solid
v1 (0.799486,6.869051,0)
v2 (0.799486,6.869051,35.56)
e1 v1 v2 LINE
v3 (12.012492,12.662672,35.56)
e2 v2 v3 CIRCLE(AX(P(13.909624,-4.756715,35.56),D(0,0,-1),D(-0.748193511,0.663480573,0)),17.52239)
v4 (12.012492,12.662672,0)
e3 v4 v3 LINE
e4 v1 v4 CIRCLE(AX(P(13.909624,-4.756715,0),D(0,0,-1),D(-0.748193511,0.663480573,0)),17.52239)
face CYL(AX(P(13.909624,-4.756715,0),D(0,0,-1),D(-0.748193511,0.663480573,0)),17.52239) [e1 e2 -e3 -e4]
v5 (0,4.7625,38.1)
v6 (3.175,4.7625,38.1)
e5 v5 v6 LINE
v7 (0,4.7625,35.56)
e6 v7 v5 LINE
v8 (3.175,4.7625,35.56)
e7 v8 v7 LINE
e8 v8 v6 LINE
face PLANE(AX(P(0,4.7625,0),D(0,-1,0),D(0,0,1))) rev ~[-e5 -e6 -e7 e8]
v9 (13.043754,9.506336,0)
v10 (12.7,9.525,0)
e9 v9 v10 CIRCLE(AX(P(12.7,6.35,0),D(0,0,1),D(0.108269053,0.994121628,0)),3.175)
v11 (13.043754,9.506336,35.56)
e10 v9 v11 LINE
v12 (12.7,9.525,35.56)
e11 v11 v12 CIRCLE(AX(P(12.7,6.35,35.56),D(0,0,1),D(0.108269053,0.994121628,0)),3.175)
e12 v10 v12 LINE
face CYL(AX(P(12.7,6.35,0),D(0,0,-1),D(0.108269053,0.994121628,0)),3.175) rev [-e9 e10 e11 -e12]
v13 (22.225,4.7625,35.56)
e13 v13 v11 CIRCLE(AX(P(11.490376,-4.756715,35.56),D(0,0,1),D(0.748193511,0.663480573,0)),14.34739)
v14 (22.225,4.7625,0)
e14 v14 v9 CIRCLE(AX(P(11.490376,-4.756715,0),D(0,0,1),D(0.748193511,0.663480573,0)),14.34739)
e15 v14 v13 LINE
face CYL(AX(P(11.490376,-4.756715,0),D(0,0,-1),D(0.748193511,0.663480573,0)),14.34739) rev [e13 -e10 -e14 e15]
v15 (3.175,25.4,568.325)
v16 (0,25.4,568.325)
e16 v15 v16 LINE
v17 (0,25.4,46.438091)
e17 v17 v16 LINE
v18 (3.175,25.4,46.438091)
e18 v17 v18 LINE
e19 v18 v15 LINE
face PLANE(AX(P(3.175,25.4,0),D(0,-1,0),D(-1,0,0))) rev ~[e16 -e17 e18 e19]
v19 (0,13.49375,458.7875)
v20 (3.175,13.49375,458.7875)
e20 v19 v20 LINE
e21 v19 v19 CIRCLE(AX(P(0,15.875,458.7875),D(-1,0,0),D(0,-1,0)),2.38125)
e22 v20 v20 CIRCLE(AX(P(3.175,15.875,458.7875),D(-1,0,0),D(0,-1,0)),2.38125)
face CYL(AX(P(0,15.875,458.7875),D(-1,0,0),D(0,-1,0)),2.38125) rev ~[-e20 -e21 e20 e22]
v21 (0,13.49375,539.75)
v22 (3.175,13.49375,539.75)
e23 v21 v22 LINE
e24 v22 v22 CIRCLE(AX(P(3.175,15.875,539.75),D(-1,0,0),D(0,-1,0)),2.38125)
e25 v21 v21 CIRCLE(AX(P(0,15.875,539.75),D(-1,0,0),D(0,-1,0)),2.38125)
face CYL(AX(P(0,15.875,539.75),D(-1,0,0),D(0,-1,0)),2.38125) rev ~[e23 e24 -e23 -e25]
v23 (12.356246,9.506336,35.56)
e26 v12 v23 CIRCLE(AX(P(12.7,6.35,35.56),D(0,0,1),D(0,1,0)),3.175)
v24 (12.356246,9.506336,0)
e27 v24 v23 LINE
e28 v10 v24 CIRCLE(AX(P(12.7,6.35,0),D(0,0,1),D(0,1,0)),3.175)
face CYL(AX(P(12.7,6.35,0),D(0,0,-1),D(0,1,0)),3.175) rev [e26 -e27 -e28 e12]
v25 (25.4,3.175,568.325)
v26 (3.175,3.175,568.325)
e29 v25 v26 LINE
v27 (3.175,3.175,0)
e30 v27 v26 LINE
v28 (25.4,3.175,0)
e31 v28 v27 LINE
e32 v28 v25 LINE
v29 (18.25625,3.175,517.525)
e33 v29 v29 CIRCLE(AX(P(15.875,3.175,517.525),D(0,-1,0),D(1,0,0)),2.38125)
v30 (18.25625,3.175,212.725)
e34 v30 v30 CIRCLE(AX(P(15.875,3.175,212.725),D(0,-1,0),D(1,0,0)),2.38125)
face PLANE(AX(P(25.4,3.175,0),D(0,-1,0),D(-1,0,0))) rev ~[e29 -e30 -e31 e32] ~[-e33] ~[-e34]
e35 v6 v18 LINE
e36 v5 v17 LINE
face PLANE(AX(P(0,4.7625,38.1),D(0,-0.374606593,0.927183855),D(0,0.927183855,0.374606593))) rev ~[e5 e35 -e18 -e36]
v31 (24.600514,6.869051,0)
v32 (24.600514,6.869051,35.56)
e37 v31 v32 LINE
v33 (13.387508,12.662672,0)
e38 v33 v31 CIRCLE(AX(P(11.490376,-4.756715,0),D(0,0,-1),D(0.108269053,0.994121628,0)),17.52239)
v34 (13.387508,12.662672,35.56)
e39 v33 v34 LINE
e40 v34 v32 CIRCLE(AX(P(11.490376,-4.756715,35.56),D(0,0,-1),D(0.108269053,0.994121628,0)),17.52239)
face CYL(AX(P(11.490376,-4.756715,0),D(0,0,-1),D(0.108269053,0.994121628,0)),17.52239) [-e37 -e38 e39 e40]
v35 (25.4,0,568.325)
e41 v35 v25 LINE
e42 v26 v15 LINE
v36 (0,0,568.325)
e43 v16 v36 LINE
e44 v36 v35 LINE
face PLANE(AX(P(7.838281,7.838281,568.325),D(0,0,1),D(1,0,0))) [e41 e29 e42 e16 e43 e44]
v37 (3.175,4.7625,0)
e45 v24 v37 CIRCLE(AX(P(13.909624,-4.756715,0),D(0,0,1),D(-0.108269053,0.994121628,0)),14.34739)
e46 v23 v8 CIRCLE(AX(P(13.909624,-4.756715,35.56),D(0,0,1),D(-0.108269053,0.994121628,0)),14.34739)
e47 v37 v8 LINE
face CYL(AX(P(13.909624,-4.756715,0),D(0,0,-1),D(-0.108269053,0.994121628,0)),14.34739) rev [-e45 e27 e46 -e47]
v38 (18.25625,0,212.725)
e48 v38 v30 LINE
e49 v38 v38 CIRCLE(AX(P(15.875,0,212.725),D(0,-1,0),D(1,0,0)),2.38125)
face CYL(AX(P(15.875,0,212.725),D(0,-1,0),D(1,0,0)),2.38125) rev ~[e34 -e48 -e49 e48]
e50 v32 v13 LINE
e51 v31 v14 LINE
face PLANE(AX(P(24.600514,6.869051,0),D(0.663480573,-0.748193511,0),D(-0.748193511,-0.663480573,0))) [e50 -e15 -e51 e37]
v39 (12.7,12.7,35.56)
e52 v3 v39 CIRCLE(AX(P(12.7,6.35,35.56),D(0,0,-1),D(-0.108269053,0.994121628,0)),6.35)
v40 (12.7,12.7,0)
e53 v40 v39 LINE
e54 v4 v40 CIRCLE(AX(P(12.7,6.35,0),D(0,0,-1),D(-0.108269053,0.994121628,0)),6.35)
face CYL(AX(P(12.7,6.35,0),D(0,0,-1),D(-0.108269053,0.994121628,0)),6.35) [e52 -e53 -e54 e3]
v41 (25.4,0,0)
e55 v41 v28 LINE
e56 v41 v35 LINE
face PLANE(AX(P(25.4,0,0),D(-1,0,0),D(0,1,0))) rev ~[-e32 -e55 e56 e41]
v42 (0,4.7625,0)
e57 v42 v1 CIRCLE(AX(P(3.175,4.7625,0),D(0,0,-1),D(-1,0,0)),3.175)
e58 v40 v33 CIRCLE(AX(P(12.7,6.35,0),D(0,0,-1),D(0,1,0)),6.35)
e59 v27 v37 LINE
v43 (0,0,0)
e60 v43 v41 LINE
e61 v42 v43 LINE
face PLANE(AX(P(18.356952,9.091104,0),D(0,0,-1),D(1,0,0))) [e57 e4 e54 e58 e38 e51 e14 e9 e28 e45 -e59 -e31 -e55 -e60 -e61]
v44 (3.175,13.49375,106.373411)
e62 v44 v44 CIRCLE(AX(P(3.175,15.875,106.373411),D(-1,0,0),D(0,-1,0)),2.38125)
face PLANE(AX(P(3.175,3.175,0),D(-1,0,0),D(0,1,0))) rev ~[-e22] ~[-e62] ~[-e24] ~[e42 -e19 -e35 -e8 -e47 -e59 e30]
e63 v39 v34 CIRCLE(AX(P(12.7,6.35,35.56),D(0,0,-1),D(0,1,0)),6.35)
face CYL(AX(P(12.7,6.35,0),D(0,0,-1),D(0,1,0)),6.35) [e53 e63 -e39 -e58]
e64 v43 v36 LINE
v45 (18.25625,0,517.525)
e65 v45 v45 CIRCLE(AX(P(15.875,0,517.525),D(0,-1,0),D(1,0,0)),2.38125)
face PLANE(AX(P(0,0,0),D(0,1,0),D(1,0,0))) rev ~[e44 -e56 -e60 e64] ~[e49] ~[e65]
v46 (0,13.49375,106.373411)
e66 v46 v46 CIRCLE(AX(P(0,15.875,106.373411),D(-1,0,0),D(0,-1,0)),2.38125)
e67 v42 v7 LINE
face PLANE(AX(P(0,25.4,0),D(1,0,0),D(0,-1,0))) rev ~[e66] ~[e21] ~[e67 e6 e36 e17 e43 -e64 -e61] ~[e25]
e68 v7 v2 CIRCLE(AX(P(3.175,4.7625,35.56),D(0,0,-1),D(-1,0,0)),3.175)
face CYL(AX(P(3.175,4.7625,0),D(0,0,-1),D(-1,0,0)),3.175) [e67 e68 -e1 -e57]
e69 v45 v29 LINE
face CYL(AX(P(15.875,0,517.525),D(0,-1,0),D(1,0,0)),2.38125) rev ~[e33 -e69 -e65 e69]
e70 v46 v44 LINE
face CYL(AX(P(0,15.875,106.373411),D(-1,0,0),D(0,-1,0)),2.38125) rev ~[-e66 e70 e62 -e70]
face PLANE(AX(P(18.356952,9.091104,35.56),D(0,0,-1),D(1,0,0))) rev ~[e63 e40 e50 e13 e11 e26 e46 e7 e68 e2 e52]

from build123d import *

# Parameters (mm, degrees)
F1_DEPTH = 568.325
F2_R     = 2.38125
F3_DEPTH = 3.175
F4_R     = 2.38125
F5_DEPTH = 3.175
F7_DEPTH = 3.175
F9_DEPTH = 35.56


with BuildPart() as f1:
    # F0 (on Top) → F1 (new body)
    with BuildSketch(Plane.XY):
        Polygon((0, 25.4), (0, 0), (25.4, 0), (25.4, 3.175), (3.175, 3.175), (3.175, 25.4), align=None)
    extrude(amount=F1_DEPTH)

    # F2 (on face) → F3 (cut)
    with BuildSketch(Plane(origin=(0, 0, 0), x_dir=(0, -1, 0), z_dir=(-1, 0, 0))):
        with Locations((-15.875, 539.75)):
            Circle(F2_R)
        with Locations((-15.875, 458.7875)):
            Circle(F2_R)
        with Locations((-15.875, 106.3734107818)):
            Circle(F2_R)
    extrude(amount=-F3_DEPTH, mode=Mode.SUBTRACT)

    # F4 (on face) → F5 (cut)
    with BuildSketch(Plane.XZ):
        with Locations((15.875, 517.525)):
            Circle(F4_R)
        with Locations((15.875, 212.725)):
            Circle(F4_R)
    extrude(amount=-F5_DEPTH, mode=Mode.SUBTRACT)

    # F6 (on face) → F7 (cut)
    with BuildSketch(Plane(origin=(0, 0, 0), x_dir=(0, -1, 0), z_dir=(-1, 0, 0))):
        Polygon((-25.4, 0), (-4.7625, 0), (-4.7625, 38.1), (-25.4, 46.4380912357), align=None)
    extrude(amount=-F7_DEPTH, mode=Mode.SUBTRACT)

    # F8 (on face) → F9 (join)
    with BuildSketch(Plane(origin=(0, 0, 0), x_dir=(1, 0, 0), z_dir=(0, 0, -1))):
        with BuildLine():
            ThreePointArc((13.0437542426, -9.5063361704), (12.8721302689, -9.520330609), (12.7, -9.525))
            Line((12.7, -9.525), (12.7, -12.7))
            ThreePointArc((12.7, -12.7), (13.0442605378, -12.6906612181), (13.3875084853, -12.6626723408))
            ThreePointArc((13.3875084853, -12.6626723408), (19.5337619369, -10.8104975605), (24.6005143968, -6.8690508185))
            Line((24.6005143968, -6.8690508185), (22.225, -4.7625))
            ThreePointArc((22.225, -4.7625), (18.0763265852, -7.9897694283), (13.0437542426, -9.5063361704))
        make_face()
        with BuildLine():
            ThreePointArc((12.7, -9.525), (12.5278697311, -9.520330609), (12.3562457574, -9.5063361704))
            ThreePointArc((12.3562457574, -9.5063361704), (7.3236734148, -7.9897694283), (3.175, -4.7625))
            Line((3.175, -4.7625), (0, -4.7625))
            ThreePointArc((0, -4.7625), (0.2065927495, -5.8890803989), (0.7994856032, -6.8690508185))
            ThreePointArc((0.7994856032, -6.8690508185), (5.8662380631, -10.8104975605), (12.0124915147, -12.6626723408))
            ThreePointArc((12.0124915147, -12.6626723408), (12.3557394622, -12.6906612181), (12.7, -12.7))
            Line((12.7, -12.7), (12.7, -9.525))
        make_face()
    extrude(amount=-F9_DEPTH)


solid = f1.part
